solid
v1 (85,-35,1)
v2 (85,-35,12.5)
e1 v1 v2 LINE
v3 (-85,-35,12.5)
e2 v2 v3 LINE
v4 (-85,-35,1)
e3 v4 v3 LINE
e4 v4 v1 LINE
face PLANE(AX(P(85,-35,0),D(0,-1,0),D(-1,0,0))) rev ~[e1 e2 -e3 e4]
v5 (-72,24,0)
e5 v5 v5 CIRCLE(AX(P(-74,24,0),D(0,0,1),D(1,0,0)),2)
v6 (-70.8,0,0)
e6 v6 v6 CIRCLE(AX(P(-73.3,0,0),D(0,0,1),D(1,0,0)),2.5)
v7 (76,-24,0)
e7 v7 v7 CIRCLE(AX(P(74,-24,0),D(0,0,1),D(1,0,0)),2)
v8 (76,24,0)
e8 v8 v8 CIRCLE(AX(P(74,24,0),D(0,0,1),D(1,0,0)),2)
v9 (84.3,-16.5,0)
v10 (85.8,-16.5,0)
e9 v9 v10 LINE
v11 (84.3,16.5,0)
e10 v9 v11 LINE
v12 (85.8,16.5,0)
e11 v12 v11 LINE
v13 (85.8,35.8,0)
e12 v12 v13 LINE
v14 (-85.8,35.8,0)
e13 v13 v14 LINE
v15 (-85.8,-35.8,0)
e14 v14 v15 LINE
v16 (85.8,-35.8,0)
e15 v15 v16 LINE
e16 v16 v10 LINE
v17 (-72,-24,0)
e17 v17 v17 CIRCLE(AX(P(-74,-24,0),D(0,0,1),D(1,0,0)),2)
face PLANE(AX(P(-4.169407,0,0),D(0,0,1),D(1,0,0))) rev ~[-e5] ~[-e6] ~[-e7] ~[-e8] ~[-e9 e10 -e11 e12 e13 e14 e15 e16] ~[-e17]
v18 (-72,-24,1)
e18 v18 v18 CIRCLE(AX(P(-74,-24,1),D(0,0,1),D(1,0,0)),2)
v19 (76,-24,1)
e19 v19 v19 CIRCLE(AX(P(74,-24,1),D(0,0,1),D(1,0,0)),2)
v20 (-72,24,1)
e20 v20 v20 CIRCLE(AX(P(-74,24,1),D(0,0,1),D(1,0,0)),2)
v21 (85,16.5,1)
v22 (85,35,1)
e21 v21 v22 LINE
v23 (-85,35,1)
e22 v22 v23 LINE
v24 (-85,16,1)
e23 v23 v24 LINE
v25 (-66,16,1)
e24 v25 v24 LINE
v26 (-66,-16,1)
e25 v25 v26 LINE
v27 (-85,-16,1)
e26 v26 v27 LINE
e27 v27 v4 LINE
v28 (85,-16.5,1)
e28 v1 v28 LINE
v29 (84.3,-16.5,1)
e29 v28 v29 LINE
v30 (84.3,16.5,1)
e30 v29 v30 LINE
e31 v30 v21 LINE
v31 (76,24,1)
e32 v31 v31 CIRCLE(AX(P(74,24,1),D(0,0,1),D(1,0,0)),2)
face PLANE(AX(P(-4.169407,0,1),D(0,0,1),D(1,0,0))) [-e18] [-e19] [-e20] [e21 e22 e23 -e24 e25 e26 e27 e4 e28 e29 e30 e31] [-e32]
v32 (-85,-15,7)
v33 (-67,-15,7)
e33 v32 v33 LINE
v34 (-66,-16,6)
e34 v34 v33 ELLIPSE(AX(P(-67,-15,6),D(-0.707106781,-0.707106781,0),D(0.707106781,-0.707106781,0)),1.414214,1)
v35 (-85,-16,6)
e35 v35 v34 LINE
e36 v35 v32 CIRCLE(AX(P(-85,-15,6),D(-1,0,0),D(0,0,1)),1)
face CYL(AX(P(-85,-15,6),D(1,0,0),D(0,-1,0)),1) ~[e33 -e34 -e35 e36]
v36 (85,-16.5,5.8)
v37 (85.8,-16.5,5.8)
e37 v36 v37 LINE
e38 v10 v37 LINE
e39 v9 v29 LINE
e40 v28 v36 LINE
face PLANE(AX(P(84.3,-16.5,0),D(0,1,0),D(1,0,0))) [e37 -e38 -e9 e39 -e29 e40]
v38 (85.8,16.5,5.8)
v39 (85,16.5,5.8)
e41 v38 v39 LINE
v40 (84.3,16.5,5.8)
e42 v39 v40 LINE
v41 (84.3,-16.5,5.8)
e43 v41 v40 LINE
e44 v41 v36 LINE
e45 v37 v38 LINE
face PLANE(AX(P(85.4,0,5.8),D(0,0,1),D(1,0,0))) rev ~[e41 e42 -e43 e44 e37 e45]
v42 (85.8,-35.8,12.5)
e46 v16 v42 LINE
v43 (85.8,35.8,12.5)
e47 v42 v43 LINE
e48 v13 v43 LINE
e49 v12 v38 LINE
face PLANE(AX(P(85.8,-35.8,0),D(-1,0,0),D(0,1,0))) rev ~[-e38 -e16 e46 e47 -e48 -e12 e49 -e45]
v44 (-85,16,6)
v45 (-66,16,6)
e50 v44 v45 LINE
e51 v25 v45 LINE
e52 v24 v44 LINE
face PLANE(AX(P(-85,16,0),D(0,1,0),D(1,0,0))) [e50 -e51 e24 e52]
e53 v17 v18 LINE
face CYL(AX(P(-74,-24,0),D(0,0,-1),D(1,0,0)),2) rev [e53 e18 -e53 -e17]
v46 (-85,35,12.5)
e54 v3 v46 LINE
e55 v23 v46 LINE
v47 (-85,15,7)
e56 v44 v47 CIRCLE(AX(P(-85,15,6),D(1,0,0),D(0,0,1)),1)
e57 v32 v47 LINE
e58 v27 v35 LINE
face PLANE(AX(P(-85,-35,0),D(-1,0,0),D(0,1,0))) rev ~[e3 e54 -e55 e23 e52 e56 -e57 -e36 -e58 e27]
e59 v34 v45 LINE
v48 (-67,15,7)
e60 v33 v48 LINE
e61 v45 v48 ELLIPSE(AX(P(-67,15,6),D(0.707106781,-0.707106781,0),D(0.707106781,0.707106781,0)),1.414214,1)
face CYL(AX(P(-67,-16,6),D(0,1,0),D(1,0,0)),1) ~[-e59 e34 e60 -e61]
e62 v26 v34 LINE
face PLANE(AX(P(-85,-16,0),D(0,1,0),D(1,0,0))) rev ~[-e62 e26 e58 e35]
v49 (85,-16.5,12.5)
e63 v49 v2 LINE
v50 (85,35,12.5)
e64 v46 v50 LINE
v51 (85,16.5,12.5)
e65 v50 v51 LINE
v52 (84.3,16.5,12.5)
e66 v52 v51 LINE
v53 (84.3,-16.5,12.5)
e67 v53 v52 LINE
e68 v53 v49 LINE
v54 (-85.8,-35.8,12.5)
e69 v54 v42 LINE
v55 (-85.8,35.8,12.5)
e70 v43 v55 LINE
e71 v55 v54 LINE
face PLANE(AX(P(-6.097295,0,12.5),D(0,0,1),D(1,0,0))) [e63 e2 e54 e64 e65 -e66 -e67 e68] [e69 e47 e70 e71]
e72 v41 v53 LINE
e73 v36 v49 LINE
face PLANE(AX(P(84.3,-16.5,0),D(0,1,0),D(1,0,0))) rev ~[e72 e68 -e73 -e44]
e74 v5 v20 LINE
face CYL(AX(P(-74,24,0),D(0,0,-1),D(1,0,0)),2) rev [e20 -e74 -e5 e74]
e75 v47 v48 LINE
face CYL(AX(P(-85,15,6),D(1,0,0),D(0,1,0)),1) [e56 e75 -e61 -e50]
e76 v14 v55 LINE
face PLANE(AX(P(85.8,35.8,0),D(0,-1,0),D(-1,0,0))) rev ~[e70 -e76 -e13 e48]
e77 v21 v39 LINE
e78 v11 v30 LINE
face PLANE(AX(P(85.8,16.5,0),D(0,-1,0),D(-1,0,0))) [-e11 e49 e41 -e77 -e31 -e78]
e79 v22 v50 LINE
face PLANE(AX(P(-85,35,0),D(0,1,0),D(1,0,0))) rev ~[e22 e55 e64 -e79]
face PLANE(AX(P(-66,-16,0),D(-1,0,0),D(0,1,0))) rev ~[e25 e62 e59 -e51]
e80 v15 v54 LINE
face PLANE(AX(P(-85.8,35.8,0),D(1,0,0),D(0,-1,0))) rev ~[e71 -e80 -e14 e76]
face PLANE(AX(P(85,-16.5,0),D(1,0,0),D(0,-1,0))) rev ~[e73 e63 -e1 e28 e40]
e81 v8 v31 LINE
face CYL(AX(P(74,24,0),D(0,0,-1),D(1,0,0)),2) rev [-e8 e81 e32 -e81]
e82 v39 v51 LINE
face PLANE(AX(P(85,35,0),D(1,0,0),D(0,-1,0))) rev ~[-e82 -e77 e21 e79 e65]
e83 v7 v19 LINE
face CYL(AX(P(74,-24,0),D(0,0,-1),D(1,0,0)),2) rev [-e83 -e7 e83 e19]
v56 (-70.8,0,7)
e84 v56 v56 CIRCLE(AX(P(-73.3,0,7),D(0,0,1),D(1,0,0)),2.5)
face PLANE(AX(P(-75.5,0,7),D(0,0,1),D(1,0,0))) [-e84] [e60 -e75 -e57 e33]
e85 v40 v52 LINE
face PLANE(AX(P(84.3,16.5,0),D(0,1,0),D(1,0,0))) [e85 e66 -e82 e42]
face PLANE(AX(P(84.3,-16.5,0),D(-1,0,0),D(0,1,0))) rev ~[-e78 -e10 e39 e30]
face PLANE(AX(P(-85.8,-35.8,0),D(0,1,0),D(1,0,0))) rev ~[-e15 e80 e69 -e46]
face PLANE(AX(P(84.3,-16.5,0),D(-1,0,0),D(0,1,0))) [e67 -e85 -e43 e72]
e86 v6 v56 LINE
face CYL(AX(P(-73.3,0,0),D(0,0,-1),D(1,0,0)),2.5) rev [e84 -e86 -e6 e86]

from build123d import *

# Parameters (mm, degrees)
F0_R     = 2
F0_W     = 19
F0_H     = 32
F0_R_2   = 2.5
F1_DEPTH = 1
F2_DEPTH = 7
F0_W_2   = 0.8
F0_H_2   = 33
F0_W_3   = 0.7
F3_DEPTH = 12.5
F4_DEPTH = 5.8
F5_R     = 1


with BuildPart() as f1:
    # F0 (on Top) → F1 (new body)
    with BuildSketch(Plane.XY):
        Polygon((85, 35), (-85, 35), (-85, 16), (-66, 16), (-66, -16), (-85, -16), (-85, -35), (85, -35), (85, -16.5), (84.3, -16.5), (84.3, 16.5), (85, 16.5), align=None)
        with Locations((-74, -24)):
            Circle(F0_R, mode=Mode.SUBTRACT)
        with Locations((74, -24)):
            Circle(F0_R, mode=Mode.SUBTRACT)
        with Locations((-74, 24)):
            Circle(F0_R, mode=Mode.SUBTRACT)
        with Locations((74, 24)):
            Circle(F0_R, mode=Mode.SUBTRACT)
        with Locations((-75.5, 0)):
            Rectangle(F0_W, F0_H)
        with Locations((-73.3, 0)):
            Circle(F0_R_2, mode=Mode.SUBTRACT)
    extrude(amount=F1_DEPTH)

    # F0 (on Top) → F2 (join)
    with BuildSketch(Plane.XY):
        with Locations((-75.5, 0)):
            Rectangle(F0_W, F0_H)
        with Locations((-73.3, 0)):
            Circle(F0_R_2, mode=Mode.SUBTRACT)
    extrude(amount=F2_DEPTH)

    # F0 (on Top) → F3 (join)
    with BuildSketch(Plane.XY):
        Polygon((-85, 16), (-85, 35), (85, 35), (85, 16.5), (85.8, 16.5), (85.8, 35.8), (-85.8, 35.8), (-85.8, -35.8), (85.8, -35.8), (85.8, -16.5), (85, -16.5), (85, -35), (-85, -35), (-85, -16), align=None)
        with Locations((85.4, 0)):
            Rectangle(F0_W_2, F0_H_2)
        with Locations((84.65, 0)):
            Rectangle(F0_W_3, F0_H_2)
    extrude(amount=F3_DEPTH)

    # F0 (on Top) → F4 (cut)
    with BuildSketch(Plane.XY):
        with Locations((85.4, 0)):
            Rectangle(F0_W_2, F0_H_2)
        with Locations((84.65, 0)):
            Rectangle(F0_W_3, F0_H_2)
    extrude(amount=F4_DEPTH, mode=Mode.SUBTRACT)

    # F5
    f5_edges = [f1.edges().sort_by_distance(p)[0] for p in [
        (-75.5, -16, 7),
        (-75.5, 16, 7),
        (-66, 0, 7),
    ]]
    fillet(f5_edges, radius=F5_R)


solid = f1.part
